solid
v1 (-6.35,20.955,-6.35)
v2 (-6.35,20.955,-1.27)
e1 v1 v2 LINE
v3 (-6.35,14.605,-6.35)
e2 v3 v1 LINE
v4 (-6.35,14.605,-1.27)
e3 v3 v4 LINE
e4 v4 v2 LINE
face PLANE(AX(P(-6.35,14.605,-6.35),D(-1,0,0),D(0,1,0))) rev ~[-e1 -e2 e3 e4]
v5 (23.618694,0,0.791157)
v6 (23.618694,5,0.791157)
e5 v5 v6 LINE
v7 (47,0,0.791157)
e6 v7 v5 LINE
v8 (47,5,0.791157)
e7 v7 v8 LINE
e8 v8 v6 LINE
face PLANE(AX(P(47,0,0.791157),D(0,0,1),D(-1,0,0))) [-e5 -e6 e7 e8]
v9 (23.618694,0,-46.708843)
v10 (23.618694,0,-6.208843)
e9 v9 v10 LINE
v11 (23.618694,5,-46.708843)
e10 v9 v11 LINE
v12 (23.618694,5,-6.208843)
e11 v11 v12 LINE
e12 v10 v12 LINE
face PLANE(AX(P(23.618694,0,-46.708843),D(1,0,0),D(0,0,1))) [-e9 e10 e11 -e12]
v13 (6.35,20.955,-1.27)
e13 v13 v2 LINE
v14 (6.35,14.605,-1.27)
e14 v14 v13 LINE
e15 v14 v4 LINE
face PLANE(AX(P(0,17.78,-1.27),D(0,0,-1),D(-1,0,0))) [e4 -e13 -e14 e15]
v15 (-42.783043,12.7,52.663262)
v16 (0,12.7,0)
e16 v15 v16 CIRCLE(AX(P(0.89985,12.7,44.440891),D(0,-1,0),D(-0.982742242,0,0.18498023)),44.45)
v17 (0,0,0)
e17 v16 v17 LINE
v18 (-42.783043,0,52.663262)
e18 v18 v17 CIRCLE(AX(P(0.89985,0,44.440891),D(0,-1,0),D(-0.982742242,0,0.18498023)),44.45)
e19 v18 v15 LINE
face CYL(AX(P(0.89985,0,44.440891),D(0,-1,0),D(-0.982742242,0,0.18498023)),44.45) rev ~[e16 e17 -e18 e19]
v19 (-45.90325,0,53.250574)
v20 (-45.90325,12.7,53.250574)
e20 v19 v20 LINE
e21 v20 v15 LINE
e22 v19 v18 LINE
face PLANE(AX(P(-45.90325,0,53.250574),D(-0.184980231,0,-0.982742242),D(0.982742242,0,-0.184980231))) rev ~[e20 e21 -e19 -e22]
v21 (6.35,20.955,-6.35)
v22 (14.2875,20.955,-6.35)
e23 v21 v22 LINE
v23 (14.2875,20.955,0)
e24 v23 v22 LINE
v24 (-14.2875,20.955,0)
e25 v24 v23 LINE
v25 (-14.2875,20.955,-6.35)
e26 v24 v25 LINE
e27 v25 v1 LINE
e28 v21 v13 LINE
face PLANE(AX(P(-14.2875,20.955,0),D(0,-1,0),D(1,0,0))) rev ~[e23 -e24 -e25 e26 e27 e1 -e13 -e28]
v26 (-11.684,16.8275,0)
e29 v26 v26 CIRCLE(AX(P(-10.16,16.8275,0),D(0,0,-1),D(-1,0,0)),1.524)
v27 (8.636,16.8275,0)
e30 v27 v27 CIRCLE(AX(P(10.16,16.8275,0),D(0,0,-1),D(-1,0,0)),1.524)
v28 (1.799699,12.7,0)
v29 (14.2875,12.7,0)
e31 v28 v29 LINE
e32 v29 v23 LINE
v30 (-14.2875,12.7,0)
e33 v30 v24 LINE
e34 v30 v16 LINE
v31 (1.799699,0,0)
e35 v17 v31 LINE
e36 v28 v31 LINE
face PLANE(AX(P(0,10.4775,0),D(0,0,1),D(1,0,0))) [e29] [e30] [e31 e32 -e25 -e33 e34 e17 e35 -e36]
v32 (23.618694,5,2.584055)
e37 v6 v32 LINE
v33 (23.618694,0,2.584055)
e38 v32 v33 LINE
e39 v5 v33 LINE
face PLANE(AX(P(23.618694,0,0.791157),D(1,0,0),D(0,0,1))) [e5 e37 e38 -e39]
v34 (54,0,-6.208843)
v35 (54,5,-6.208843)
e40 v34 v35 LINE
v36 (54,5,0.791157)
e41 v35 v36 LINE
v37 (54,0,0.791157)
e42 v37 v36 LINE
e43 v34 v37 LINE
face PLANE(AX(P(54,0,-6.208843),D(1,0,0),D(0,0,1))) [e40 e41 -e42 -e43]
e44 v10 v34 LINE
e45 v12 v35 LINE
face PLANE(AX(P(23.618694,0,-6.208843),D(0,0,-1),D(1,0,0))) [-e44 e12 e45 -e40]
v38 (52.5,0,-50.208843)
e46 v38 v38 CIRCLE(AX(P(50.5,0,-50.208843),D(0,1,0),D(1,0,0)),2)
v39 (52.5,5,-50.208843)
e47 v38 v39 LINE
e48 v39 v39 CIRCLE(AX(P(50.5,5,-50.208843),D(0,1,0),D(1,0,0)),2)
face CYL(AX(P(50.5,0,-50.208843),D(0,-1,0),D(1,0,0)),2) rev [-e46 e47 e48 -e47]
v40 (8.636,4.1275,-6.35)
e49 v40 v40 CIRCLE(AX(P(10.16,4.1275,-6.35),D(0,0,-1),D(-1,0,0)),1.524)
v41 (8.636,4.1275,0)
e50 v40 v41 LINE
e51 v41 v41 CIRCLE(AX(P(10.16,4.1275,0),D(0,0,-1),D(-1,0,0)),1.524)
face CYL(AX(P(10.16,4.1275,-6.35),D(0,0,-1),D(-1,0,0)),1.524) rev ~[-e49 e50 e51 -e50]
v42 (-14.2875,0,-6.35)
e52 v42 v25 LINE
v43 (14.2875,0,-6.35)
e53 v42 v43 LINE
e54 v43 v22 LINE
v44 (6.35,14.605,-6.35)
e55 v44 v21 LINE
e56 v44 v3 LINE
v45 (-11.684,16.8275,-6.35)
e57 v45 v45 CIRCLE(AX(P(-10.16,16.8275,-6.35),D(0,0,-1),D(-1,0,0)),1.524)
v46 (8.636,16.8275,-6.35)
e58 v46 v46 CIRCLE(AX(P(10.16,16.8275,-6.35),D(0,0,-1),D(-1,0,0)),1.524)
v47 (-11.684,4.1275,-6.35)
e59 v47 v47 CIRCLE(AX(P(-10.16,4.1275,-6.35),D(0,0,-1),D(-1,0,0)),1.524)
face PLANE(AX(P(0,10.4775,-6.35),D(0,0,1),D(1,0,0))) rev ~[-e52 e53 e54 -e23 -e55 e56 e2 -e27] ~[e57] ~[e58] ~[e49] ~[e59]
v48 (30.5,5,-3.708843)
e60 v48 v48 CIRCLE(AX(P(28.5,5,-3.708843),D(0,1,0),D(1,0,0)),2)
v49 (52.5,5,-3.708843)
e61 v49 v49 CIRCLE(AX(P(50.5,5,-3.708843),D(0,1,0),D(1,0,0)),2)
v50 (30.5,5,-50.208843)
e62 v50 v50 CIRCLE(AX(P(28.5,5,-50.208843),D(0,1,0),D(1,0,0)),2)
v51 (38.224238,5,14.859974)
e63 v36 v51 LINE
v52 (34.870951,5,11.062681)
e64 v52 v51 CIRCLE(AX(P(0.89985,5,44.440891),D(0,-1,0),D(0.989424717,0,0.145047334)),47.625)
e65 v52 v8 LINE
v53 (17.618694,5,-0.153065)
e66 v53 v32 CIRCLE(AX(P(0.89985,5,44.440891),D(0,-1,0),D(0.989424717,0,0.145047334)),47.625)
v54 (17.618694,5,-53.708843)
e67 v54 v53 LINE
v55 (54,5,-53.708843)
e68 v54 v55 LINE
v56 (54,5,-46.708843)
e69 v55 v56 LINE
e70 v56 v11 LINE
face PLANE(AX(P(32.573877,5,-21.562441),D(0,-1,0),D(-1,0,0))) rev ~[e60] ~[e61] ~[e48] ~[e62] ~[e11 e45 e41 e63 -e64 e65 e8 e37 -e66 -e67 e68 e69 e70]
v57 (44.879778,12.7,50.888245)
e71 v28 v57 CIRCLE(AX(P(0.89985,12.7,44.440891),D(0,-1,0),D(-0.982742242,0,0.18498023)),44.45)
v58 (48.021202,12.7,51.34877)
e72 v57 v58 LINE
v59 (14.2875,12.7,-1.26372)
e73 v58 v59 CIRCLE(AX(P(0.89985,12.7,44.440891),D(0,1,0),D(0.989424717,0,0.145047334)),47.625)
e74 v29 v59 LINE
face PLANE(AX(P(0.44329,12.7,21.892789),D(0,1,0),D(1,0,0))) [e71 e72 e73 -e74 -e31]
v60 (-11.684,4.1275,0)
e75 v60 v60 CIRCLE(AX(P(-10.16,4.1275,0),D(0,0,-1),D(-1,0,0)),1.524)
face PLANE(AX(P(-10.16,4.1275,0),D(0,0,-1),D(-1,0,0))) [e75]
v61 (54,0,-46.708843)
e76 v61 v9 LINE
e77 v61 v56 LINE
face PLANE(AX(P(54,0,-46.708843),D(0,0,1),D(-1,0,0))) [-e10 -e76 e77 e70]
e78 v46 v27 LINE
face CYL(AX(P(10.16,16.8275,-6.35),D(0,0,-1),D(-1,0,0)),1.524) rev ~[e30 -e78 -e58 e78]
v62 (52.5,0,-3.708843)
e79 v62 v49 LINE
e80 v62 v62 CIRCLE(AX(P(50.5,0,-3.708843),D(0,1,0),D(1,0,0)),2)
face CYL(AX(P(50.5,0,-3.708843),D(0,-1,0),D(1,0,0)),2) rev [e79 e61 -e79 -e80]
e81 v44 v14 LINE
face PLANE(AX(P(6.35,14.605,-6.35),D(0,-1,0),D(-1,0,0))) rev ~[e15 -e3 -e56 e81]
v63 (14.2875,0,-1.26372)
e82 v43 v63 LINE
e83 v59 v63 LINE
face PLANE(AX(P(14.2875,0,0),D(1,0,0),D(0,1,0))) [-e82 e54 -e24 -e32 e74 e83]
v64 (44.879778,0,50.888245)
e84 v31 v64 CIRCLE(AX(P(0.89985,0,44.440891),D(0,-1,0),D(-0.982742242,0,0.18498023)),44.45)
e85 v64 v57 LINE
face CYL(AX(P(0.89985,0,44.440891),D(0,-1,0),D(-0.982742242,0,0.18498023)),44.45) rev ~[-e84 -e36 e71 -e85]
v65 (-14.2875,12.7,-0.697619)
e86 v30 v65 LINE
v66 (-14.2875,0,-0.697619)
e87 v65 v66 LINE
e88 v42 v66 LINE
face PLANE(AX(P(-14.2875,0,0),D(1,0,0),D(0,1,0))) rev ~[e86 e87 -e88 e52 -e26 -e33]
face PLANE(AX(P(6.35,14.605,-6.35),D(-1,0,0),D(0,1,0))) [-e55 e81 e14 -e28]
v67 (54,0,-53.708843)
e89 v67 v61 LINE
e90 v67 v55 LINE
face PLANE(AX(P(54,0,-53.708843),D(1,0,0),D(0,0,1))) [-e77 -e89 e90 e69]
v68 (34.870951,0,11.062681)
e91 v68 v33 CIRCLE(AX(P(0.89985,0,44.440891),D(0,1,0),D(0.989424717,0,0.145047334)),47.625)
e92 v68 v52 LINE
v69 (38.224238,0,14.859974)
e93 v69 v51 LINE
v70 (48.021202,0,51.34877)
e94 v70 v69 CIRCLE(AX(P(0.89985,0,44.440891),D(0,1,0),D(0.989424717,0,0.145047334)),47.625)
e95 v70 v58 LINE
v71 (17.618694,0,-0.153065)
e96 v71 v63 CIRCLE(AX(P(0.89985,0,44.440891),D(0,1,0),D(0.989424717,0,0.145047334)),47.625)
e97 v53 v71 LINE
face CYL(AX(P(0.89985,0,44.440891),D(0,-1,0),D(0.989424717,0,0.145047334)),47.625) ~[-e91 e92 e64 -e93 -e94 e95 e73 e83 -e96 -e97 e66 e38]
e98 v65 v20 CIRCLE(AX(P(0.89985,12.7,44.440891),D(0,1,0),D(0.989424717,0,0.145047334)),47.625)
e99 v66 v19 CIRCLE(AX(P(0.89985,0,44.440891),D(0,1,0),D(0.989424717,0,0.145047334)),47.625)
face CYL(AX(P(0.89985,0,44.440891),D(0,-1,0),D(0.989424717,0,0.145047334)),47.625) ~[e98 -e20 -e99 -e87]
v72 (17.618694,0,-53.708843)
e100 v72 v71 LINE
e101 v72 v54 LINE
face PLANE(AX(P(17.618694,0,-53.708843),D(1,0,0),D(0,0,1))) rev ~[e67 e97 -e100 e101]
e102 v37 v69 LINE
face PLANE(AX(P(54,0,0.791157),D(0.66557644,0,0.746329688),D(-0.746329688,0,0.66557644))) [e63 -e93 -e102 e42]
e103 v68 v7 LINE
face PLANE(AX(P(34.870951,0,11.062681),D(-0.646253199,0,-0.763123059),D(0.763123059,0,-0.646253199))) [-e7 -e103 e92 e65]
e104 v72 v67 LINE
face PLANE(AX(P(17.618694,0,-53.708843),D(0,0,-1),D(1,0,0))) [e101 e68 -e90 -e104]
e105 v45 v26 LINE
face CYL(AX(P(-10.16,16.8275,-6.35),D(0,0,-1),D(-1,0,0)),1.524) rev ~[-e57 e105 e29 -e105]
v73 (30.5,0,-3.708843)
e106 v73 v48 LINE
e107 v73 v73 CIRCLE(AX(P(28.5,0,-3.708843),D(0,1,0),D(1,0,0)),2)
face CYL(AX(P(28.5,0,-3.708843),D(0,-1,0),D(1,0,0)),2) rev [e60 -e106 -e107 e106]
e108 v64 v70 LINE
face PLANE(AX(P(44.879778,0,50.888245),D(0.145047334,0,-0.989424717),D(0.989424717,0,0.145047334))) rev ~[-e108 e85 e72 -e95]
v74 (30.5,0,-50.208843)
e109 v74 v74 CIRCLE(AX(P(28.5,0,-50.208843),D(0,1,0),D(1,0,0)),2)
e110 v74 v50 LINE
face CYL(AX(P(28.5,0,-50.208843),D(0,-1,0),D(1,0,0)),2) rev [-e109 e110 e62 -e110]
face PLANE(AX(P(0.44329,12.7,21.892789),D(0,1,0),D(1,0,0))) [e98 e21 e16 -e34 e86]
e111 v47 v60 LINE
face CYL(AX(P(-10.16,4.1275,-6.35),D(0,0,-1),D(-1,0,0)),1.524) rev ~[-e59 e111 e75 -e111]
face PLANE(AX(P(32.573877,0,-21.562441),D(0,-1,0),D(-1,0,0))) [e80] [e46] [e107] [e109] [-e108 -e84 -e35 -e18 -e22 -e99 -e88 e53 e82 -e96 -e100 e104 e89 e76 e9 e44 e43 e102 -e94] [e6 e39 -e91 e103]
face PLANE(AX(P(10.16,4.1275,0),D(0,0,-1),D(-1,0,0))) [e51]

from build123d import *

# Parameters (mm, degrees)
BOSS_EXTRUDE1_DEPTH = 12.7
SKETCH2_W           = 28.575
SKETCH2_H           = 20.955
BOSS_EXTRUDE2_DEPTH = 6.35
SKETCH2_2_W         = 28.575
SKETCH2_2_H         = 20.955
BOSS_EXTRUDE3_DEPTH = 5.08
SKETCH3_W           = 12.7
SKETCH3_H           = 6.35
CUT_EXTRUDE1_DEPTH  = 5.08
SKETCH4_R           = 1.524
CUT_EXTRUDE2_DEPTH  = 6.35
SKETCH6_R           = 2
BOSS_EXTRUDE4_DEPTH = 5


with BuildPart() as part:
    # Sketch1 → Boss-Extrude1 (new body)
    with BuildSketch(Plane(origin=(0, 0, 0), x_dir=(1, 0, 0), z_dir=(0, 1, 0))):
        with BuildLine():
            Line((-45.903249768, -53.250574222), (-42.783043149, -52.66326199))
            ThreePointArc((-42.783043149, -52.66326199), (0, 0), (44.879778188, -50.888244756))
            Line((44.879778188, -50.888244756), (48.021201665, -51.348770042))
            ThreePointArc((48.021201665, -51.348770042), (-0.064274965, 3.174349339), (-45.903249768, -53.250574222))
        make_face()
    extrude(amount=BOSS_EXTRUDE1_DEPTH)

    # Sketch2 → Boss-Extrude2 (add)
    with BuildSketch(Plane.XY):
        with Locations((0, 10.4775)):
            Rectangle(SKETCH2_W, SKETCH2_H)
    extrude(amount=-BOSS_EXTRUDE2_DEPTH)

    # Sketch2<2> → Boss-Extrude3 (add)
    with BuildSketch(Plane.XY):
        with Locations((0, 10.4775)):
            Rectangle(SKETCH2_2_W, SKETCH2_2_H)
    extrude(amount=-BOSS_EXTRUDE3_DEPTH)

    # Sketch3 → Cut-Extrude1 (cut)
    with BuildSketch(Plane(origin=(0, 0, -6.35), x_dir=(-1, 0, 0), z_dir=(0, 0, -1))):
        with Locations((0, 17.78)):
            Rectangle(SKETCH3_W, SKETCH3_H)
    extrude(amount=-CUT_EXTRUDE1_DEPTH, mode=Mode.SUBTRACT)

    # Sketch4 → Cut-Extrude2 (cut)
    with BuildSketch(Plane(origin=(0, 0, -6.35), x_dir=(-1, 0, 0), z_dir=(0, 0, -1))):
        with Locations((-10.16, 4.1275)):
            Circle(SKETCH4_R)
        with Locations((-10.16, 16.8275)):
            Circle(SKETCH4_R)
        with Locations((10.16, 4.1275)):
            Circle(SKETCH4_R)
        with Locations((10.16, 16.8275)):
            Circle(SKETCH4_R)
    extrude(amount=-CUT_EXTRUDE2_DEPTH, mode=Mode.SUBTRACT)

    # Sketch6 → Boss-Extrude4 (add)
    with BuildSketch(Plane(origin=(0, 0, 0), x_dir=(1, 0, 0), z_dir=(0, 1, 0))):
        Polygon((38.224238065, -14.85997386), (54, -0.791157312), (54, 6.208842688), (23.618693952, 6.208842688), (23.618693952, 46.708842688), (54, 46.708842688), (54, 53.708842688), (17.618693952, 53.708842688), (17.618693952, 46.708842688), (17.618693952, 6.208842688), (17.618693952, -0.791157312), (17.618693952, -2.892477036), (23.618693952, -2.892477036), (23.618693952, -0.791157312), (47, -0.791157312), (34.870951122, -11.062681088), align=None)
        with Locations((28.5, 3.708842688)):
            Circle(SKETCH6_R, mode=Mode.SUBTRACT)
        with Locations((50.5, 3.708842688)):
            Circle(SKETCH6_R, mode=Mode.SUBTRACT)
        with Locations((28.5, 50.208842688)):
            Circle(SKETCH6_R, mode=Mode.SUBTRACT)
        with Locations((50.5, 50.208842688)):
            Circle(SKETCH6_R, mode=Mode.SUBTRACT)
    extrude(amount=BOSS_EXTRUDE4_DEPTH)


solid = part.part
